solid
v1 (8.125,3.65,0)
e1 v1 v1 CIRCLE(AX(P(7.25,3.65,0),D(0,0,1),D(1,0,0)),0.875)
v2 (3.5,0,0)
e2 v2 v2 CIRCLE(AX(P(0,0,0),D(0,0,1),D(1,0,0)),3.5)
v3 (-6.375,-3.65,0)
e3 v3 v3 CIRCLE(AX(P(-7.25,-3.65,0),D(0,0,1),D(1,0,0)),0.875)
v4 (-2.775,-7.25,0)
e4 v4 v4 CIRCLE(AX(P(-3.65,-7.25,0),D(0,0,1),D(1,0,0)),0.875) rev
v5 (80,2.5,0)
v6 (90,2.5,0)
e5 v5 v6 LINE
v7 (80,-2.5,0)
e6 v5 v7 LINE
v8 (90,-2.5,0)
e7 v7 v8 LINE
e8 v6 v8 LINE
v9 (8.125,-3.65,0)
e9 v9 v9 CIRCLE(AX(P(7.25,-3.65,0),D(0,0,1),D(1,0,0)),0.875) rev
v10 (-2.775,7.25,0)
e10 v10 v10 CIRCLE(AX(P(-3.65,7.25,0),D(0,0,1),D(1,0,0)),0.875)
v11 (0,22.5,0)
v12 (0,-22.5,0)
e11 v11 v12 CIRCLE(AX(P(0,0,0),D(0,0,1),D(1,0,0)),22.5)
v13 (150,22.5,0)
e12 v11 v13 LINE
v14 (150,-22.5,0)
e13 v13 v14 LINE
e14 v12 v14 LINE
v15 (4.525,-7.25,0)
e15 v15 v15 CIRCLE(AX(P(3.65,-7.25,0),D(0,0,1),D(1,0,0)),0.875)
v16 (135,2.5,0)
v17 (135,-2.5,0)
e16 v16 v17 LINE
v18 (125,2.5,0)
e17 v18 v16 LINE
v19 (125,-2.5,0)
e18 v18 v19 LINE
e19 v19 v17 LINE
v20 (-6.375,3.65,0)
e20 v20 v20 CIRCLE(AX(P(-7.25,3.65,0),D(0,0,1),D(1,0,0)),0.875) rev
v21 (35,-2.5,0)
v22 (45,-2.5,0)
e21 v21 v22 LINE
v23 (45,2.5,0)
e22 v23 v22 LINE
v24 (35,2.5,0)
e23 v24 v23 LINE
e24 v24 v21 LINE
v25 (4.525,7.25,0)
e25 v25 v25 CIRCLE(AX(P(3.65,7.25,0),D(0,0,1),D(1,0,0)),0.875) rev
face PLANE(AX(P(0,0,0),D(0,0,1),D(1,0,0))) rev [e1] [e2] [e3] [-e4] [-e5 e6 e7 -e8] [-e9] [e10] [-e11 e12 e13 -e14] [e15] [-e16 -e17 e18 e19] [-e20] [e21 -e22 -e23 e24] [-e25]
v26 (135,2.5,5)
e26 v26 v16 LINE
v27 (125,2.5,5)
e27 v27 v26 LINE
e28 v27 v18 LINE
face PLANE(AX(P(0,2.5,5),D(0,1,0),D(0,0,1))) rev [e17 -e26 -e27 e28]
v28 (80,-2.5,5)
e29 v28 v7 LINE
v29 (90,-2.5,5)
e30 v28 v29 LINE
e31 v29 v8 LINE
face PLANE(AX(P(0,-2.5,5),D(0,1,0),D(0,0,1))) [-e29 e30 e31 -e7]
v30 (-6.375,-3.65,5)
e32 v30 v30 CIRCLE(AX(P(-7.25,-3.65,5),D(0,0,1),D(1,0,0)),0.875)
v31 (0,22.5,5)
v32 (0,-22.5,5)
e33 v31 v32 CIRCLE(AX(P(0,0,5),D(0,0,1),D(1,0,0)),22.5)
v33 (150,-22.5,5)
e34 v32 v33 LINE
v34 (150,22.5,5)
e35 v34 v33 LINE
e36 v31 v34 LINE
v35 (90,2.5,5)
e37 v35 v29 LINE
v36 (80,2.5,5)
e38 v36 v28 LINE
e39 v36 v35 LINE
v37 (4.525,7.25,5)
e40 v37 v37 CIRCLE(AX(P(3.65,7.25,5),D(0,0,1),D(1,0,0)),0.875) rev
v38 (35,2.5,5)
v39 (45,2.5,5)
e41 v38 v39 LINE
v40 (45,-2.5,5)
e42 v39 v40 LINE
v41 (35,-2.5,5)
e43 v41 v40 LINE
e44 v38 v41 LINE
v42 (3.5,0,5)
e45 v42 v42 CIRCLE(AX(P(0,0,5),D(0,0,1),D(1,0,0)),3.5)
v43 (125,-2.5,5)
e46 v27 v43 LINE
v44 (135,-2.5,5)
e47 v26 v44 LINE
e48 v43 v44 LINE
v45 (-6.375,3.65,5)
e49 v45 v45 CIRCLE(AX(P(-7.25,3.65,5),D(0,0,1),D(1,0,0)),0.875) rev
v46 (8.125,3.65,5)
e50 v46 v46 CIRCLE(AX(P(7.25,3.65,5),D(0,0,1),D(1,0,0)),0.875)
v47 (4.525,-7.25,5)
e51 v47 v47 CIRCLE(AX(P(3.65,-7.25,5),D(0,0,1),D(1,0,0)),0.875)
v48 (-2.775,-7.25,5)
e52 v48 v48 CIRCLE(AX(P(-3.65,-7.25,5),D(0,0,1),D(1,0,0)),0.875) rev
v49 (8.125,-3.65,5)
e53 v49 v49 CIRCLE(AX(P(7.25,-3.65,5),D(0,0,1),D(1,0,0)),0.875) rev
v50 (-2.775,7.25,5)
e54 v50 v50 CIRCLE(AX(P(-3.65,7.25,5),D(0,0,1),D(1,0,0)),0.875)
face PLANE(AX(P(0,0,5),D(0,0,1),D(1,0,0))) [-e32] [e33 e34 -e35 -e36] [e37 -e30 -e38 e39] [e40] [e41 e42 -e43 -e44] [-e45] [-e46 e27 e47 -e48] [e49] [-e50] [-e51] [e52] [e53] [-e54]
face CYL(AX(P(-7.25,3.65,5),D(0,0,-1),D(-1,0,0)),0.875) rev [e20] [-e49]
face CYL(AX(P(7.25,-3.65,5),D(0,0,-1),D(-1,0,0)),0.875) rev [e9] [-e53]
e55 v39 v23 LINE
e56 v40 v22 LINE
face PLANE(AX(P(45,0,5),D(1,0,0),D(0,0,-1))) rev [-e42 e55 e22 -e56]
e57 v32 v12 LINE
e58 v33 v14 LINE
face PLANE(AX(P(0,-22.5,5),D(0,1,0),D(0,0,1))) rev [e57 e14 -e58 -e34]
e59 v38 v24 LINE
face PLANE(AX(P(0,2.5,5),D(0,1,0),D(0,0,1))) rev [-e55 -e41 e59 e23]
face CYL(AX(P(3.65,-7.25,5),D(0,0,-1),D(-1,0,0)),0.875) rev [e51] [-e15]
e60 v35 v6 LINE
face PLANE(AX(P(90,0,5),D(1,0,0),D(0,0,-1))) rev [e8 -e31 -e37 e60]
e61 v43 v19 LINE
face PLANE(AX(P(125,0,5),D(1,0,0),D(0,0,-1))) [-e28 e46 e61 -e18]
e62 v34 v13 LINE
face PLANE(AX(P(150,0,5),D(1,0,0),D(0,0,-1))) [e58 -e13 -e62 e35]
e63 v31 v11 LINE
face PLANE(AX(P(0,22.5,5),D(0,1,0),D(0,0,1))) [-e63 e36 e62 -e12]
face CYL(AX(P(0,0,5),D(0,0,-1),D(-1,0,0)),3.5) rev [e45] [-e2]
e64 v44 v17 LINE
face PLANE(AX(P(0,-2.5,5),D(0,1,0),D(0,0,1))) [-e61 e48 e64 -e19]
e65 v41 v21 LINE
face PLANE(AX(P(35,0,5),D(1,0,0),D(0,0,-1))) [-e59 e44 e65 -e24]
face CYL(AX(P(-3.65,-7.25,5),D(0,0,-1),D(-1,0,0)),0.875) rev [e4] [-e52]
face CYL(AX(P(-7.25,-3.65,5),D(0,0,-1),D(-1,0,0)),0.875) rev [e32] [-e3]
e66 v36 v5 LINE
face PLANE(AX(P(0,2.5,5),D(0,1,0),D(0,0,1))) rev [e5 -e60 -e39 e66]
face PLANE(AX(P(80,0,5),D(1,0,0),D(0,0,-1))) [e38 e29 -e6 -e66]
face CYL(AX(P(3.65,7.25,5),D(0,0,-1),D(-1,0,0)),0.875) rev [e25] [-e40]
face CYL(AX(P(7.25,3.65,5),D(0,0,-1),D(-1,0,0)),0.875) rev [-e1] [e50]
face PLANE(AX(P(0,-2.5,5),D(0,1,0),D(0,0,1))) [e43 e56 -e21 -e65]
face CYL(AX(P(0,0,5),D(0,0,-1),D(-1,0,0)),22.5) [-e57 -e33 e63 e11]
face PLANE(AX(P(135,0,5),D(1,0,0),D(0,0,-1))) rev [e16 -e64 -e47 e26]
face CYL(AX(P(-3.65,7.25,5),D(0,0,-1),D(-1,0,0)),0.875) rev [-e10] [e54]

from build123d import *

# Parameters (mm, degrees)
ESQUISSE1_R        = 0.875
ESQUISSE1_R_2      = 3.5
ESQUISSE1_W        = 10
ESQUISSE1_H        = 5
BOSS_EXTRU_1_DEPTH = 5


with BuildPart() as part:
    # Esquisse1 → Boss.-Extru.1 (new body)
    with BuildSketch(Plane.XY):
        with BuildLine():
            Line((150, 22.5), (0, 22.5))
            ThreePointArc((0, 22.5), (-22.5, 0), (0, -22.5))
            Line((0, -22.5), (150, -22.5))
            Line((150, -22.5), (150, 22.5))
        make_face()
        with Locations((-3.65, -7.25)):
            Circle(ESQUISSE1_R, mode=Mode.SUBTRACT)
        with Locations((3.65, -7.25)):
            Circle(ESQUISSE1_R, mode=Mode.SUBTRACT)
        with Locations((-7.25, -3.65)):
            Circle(ESQUISSE1_R, mode=Mode.SUBTRACT)
        with Locations((7.25, -3.65)):
            Circle(ESQUISSE1_R, mode=Mode.SUBTRACT)
        with Locations((-7.25, 3.65)):
            Circle(ESQUISSE1_R, mode=Mode.SUBTRACT)
        Circle(ESQUISSE1_R_2, mode=Mode.SUBTRACT)
        with Locations((7.25, 3.65)):
            Circle(ESQUISSE1_R, mode=Mode.SUBTRACT)
        with Locations((-3.65, 7.25)):
            Circle(ESQUISSE1_R, mode=Mode.SUBTRACT)
        with Locations((3.65, 7.25)):
            Circle(ESQUISSE1_R, mode=Mode.SUBTRACT)
        with Locations((40, 0)):
            Rectangle(ESQUISSE1_W, ESQUISSE1_H, mode=Mode.SUBTRACT)
        with Locations((85, 0)):
            Rectangle(ESQUISSE1_W, ESQUISSE1_H, mode=Mode.SUBTRACT)
        with Locations((130, 0)):
            Rectangle(ESQUISSE1_W, ESQUISSE1_H, mode=Mode.SUBTRACT)
    extrude(amount=BOSS_EXTRU_1_DEPTH)


solid = part.part
